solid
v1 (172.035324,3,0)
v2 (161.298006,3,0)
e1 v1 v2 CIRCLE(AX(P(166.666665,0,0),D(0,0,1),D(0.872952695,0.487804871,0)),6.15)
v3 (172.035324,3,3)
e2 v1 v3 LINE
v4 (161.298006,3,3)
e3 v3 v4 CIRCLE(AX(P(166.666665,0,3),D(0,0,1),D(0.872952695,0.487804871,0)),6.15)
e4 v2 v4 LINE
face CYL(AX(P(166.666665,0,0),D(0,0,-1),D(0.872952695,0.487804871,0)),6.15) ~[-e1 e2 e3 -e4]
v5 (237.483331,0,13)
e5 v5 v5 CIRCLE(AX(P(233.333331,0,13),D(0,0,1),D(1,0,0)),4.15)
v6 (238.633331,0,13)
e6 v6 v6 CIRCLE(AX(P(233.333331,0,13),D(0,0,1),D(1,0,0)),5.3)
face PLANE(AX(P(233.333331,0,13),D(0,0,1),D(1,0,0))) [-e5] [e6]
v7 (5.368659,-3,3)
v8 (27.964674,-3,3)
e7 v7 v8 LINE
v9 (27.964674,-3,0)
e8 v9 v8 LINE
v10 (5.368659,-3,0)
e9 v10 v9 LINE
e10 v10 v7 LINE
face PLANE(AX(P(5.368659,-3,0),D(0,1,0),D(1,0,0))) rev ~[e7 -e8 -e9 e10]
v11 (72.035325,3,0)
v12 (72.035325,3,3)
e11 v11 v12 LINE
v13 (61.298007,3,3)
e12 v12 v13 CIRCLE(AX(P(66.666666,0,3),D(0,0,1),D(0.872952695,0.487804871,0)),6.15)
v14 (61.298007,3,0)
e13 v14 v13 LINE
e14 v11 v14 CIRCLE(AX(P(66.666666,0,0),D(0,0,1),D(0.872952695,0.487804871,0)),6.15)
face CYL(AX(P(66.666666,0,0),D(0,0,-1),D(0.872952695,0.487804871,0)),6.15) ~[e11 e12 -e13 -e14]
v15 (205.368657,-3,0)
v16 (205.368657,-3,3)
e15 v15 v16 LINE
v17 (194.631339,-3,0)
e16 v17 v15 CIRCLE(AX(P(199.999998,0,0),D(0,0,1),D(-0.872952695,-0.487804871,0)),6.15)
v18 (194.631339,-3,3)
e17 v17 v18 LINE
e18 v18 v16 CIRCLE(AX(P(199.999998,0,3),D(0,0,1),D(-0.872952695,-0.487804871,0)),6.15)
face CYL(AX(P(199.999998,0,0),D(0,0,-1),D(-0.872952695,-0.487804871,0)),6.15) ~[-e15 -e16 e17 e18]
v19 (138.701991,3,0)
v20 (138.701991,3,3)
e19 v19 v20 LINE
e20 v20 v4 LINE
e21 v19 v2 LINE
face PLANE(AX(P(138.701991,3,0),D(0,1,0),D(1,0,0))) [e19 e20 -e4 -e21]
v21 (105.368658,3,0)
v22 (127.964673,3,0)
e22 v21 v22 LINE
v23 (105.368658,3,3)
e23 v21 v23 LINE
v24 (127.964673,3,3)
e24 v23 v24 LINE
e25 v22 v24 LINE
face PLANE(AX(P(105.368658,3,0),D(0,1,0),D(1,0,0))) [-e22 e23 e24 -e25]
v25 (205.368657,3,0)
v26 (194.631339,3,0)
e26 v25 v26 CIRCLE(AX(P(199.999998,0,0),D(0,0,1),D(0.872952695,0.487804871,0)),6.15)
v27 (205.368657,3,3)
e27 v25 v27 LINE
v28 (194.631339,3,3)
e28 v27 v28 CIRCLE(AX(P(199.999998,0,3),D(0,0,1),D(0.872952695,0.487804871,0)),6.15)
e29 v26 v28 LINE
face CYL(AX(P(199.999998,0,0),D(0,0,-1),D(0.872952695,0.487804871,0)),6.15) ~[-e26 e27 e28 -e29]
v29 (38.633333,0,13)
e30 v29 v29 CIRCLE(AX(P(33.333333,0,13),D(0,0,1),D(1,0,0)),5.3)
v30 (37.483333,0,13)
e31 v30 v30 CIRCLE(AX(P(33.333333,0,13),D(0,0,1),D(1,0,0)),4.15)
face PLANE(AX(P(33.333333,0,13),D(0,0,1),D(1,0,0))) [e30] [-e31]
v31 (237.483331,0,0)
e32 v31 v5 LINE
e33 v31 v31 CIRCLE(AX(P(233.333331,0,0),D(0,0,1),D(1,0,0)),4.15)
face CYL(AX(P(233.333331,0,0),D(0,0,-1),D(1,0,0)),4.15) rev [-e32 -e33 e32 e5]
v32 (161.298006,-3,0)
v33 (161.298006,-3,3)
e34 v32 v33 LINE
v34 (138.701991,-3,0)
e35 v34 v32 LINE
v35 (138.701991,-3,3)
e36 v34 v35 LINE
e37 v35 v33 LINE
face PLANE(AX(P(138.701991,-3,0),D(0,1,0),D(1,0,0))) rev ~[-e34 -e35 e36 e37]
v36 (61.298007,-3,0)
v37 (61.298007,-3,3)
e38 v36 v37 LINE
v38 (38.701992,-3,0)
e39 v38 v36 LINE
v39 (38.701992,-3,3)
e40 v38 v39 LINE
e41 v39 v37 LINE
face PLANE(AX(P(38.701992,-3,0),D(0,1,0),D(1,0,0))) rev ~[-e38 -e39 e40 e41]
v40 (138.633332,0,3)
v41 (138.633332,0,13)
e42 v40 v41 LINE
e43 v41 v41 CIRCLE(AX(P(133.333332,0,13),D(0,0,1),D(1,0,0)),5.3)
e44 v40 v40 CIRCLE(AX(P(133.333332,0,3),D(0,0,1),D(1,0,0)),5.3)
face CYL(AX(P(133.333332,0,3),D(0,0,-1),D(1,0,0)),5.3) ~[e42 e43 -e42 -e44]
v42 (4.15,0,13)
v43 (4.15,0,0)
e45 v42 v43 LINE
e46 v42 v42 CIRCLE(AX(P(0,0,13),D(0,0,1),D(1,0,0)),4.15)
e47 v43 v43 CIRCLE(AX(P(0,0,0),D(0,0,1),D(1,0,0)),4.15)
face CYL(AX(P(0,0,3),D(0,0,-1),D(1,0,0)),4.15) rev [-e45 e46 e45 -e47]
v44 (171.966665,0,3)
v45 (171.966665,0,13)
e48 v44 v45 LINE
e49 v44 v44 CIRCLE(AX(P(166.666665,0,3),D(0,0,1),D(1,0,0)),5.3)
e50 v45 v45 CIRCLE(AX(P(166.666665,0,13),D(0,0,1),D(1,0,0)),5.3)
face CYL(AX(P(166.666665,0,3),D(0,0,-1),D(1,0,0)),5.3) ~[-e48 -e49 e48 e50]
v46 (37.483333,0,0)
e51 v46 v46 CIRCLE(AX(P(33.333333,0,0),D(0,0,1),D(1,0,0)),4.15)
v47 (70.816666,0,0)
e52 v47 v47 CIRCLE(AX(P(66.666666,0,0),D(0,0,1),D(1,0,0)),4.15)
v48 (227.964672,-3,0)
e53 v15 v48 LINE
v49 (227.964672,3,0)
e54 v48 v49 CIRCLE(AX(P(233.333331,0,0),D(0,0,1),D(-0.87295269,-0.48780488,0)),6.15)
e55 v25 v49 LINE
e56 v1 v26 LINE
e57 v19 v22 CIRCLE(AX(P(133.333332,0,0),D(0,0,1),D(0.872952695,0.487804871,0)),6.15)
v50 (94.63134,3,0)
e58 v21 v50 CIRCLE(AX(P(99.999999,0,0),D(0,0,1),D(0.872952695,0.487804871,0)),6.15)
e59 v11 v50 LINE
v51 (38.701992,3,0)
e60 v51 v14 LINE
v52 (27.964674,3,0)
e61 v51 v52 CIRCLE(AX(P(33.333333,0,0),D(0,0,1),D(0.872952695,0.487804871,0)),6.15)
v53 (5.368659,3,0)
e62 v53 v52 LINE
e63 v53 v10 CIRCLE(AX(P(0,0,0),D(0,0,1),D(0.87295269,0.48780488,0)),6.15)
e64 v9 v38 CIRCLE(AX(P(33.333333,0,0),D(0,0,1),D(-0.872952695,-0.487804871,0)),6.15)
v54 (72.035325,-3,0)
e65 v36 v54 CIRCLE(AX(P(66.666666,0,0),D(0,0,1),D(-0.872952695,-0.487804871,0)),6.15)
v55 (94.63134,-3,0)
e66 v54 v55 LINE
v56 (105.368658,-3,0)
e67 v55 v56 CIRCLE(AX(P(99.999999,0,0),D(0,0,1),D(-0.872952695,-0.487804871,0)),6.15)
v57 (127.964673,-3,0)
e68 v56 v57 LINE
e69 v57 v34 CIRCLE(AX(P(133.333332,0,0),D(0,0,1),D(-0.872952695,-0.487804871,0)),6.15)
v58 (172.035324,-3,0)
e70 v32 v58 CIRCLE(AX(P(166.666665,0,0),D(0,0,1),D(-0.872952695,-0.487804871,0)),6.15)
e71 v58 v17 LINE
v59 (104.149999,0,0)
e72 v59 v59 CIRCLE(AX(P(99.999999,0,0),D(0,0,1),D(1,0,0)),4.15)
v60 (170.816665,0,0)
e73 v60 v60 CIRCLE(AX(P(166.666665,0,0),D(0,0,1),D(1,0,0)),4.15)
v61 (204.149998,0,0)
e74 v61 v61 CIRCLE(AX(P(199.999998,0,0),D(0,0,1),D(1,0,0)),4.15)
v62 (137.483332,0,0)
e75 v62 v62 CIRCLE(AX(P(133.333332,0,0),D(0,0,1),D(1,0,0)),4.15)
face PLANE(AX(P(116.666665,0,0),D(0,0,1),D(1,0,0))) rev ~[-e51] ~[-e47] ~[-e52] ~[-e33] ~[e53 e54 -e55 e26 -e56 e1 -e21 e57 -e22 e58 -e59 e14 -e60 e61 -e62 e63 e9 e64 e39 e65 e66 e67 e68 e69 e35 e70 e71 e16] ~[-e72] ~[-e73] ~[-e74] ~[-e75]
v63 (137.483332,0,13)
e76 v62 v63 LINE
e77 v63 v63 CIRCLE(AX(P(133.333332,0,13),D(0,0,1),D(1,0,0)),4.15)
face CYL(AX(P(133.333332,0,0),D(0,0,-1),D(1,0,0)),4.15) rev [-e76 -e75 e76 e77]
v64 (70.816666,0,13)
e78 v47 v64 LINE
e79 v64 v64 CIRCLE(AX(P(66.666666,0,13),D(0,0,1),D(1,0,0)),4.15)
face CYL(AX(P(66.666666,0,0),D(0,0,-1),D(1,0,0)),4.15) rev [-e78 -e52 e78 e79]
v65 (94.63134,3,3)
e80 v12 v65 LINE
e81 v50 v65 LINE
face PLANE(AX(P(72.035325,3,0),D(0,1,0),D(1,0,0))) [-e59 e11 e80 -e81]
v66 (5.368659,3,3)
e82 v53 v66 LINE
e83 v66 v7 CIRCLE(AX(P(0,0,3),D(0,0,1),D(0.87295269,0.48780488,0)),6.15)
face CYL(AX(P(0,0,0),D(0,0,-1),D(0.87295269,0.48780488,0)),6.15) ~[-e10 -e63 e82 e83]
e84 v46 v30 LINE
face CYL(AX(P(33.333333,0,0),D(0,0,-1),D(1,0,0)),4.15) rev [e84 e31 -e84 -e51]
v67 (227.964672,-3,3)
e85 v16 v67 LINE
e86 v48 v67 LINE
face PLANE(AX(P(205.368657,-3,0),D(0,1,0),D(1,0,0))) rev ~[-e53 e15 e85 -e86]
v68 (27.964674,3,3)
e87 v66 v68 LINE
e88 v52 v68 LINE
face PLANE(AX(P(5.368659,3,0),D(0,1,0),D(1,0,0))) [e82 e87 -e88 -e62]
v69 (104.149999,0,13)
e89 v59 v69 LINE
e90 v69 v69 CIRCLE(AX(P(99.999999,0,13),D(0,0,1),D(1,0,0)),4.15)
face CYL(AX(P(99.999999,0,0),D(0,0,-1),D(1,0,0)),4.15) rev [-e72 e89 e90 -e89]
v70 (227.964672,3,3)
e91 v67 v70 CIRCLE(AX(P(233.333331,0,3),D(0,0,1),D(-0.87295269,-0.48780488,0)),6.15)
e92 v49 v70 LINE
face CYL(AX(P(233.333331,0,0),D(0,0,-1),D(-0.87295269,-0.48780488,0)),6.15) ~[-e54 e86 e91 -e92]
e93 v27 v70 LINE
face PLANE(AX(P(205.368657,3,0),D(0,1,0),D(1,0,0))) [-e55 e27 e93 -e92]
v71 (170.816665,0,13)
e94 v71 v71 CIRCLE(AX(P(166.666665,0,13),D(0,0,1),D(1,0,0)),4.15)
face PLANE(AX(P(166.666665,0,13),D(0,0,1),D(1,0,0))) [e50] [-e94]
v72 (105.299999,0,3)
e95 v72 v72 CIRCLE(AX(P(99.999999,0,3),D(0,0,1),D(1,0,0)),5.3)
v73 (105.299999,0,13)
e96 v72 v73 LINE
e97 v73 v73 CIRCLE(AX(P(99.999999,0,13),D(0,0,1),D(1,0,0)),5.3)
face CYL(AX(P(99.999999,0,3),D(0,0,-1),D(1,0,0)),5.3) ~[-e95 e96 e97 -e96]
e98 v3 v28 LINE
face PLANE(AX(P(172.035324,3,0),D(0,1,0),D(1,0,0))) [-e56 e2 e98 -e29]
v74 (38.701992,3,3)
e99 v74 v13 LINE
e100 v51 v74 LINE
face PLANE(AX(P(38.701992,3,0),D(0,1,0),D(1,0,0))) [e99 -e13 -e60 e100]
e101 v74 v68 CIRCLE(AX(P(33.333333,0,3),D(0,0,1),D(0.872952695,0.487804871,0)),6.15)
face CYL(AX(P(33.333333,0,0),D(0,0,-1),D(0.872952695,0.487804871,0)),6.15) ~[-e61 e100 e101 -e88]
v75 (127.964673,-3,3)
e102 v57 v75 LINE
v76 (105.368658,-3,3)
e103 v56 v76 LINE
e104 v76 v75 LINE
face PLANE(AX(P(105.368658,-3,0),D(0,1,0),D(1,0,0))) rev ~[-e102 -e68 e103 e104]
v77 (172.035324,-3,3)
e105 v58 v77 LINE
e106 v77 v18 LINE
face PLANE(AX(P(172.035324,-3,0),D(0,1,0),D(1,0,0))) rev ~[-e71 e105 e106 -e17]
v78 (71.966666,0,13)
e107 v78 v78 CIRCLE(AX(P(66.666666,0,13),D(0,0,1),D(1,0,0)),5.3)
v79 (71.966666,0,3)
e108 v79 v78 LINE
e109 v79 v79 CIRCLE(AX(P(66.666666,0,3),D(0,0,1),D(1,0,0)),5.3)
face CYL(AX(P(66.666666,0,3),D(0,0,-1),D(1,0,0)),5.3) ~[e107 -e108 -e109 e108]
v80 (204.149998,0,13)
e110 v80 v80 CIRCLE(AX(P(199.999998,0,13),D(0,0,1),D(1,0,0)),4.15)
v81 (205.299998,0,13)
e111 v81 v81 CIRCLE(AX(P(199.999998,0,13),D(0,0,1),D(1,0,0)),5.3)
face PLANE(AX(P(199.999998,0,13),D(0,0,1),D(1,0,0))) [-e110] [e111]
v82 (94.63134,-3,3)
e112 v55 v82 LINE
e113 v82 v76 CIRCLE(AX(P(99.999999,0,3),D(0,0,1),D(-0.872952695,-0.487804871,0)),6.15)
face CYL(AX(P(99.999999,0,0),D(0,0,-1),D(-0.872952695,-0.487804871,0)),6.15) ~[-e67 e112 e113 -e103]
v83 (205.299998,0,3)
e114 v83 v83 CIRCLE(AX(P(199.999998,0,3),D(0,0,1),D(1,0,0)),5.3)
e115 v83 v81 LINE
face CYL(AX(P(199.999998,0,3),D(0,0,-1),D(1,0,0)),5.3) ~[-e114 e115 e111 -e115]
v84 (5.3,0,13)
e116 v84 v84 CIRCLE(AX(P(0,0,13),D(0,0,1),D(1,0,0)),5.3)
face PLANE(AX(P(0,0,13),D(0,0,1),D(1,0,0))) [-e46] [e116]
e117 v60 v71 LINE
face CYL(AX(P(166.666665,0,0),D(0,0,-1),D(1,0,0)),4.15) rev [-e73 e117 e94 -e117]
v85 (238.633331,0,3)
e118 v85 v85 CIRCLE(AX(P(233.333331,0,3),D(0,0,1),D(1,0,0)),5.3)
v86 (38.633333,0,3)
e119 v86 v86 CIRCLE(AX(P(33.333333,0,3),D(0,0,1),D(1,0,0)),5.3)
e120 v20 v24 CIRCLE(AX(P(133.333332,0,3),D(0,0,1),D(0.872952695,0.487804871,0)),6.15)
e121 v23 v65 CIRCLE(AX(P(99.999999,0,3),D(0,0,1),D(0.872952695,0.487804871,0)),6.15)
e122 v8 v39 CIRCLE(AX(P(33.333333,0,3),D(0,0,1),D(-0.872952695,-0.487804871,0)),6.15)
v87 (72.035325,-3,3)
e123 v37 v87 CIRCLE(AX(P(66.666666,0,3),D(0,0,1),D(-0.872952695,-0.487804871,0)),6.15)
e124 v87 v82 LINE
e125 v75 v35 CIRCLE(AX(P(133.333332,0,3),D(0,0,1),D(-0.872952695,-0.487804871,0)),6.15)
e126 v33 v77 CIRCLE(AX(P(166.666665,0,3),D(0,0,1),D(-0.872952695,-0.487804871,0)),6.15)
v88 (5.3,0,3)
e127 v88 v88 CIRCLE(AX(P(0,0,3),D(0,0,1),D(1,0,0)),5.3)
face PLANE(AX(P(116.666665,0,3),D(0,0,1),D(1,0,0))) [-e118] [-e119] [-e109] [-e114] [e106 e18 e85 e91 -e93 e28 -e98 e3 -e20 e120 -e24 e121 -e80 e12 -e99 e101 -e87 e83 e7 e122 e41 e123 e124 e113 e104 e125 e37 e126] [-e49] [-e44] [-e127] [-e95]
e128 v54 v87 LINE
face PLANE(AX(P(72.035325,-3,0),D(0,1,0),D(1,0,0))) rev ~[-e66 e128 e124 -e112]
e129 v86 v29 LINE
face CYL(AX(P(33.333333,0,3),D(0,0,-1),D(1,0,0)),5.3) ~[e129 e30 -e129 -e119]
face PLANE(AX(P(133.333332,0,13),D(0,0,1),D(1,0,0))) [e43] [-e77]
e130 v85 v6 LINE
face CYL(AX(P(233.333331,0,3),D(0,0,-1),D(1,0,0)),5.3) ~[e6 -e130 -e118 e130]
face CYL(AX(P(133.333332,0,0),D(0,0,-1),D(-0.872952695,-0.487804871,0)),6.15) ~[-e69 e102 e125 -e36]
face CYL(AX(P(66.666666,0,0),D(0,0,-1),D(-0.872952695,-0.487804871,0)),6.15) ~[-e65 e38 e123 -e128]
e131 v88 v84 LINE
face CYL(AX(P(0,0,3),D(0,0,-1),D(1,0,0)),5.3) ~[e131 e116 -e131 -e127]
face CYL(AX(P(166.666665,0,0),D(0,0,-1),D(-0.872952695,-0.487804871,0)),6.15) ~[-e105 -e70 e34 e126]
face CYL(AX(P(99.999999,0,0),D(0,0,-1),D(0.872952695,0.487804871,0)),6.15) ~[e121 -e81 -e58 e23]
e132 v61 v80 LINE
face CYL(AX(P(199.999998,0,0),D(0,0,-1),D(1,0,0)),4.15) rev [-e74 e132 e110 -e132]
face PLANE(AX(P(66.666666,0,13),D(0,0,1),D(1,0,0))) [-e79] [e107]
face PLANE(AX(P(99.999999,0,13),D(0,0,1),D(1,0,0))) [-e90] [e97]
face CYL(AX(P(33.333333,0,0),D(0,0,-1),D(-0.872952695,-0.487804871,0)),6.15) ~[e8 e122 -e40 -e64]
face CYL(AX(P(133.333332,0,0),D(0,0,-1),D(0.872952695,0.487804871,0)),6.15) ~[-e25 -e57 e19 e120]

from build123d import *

# Parameters (mm, degrees)
SKETCH_R      = 4.15
PAD_DEPTH     = 3
SKETCH001_R   = 5.3
SKETCH001_R_2 = 4.15
PAD001_DEPTH  = 10


with BuildPart() as part:
    # Sketch → Pad (new body)
    with BuildSketch(Plane.XY):
        with BuildLine():
            Line((5.368659, -3), (27.964674, -3))
            ThreePointArc((27.964674, -3), (33.333333, -6.15), (38.701992, -3))
            Line((38.701992, -3), (61.298007, -3))
            ThreePointArc((61.298007, -3), (66.666666, -6.15), (72.035325, -3))
            Line((72.035325, -3), (94.63134, -3))
            ThreePointArc((94.63134, -3), (99.999999, -6.15), (105.368658, -3))
            Line((105.368658, -3), (127.964673, -3))
            ThreePointArc((127.964673, -3), (133.333332, -6.15), (138.701991, -3))
            Line((138.701991, -3), (161.298006, -3))
            ThreePointArc((161.298006, -3), (166.666665, -6.15), (172.035324, -3))
            Line((172.035324, -3), (194.631339, -3))
            ThreePointArc((194.631339, -3), (199.999998, -6.15), (205.368657, -3))
            Line((205.368657, -3), (227.964672, -3))
            ThreePointArc((227.964672, -3), (239.483331, 0), (227.964672, 3))
            Line((205.368657, 3), (227.964672, 3))
            ThreePointArc((205.368657, 3), (199.999998, 6.15), (194.631339, 3))
            Line((172.035324, 3), (194.631339, 3))
            ThreePointArc((172.035324, 3), (166.666665, 6.15), (161.298006, 3))
            Line((138.701991, 3), (161.298006, 3))
            ThreePointArc((138.701991, 3), (133.333332, 6.15), (127.964673, 3))
            Line((105.368658, 3), (127.964673, 3))
            ThreePointArc((105.368658, 3), (99.999999, 6.15), (94.63134, 3))
            Line((72.035325, 3), (94.63134, 3))
            ThreePointArc((72.035325, 3), (66.666666, 6.15), (61.298007, 3))
            Line((38.701992, 3), (61.298007, 3))
            ThreePointArc((38.701992, 3), (33.333333, 6.15), (27.964674, 3))
            Line((5.368659, 3), (27.964674, 3))
            ThreePointArc((5.368659, 3), (-6.15, 0), (5.368659, -3))
        make_face()
        Circle(SKETCH_R, mode=Mode.SUBTRACT)
        with Locations((33.333333, 0)):
            Circle(SKETCH_R, mode=Mode.SUBTRACT)
        with Locations((66.666666, 0)):
            Circle(SKETCH_R, mode=Mode.SUBTRACT)
        with Locations((99.999999, 0)):
            Circle(SKETCH_R, mode=Mode.SUBTRACT)
        with Locations((133.333332, 0)):
            Circle(SKETCH_R, mode=Mode.SUBTRACT)
        with Locations((166.666665, 0)):
            Circle(SKETCH_R, mode=Mode.SUBTRACT)
        with Locations((199.999998, 0)):
            Circle(SKETCH_R, mode=Mode.SUBTRACT)
        with Locations((233.333331, 0)):
            Circle(SKETCH_R, mode=Mode.SUBTRACT)
    extrude(amount=PAD_DEPTH)

    # Sketch001 (on Face38 of Pad) → Pad001 (join)
    with BuildSketch(Plane.XY.offset(3)):
        Circle(SKETCH001_R)
        Circle(SKETCH001_R_2, mode=Mode.SUBTRACT)
        with Locations((33.333333, 0)):
            Circle(SKETCH001_R)
        with Locations((33.333333, 0)):
            Circle(SKETCH001_R_2, mode=Mode.SUBTRACT)
        with Locations((66.666666, 0)):
            Circle(SKETCH001_R)
        with Locations((66.666666, 0)):
            Circle(SKETCH001_R_2, mode=Mode.SUBTRACT)
        with Locations((99.999999, 0)):
            Circle(SKETCH001_R)
        with Locations((99.999999, 0)):
            Circle(SKETCH001_R_2, mode=Mode.SUBTRACT)
        with Locations((133.333332, 0)):
            Circle(SKETCH001_R)
        with Locations((133.333332, 0)):
            Circle(SKETCH001_R_2, mode=Mode.SUBTRACT)
        with Locations((166.666665, 0)):
            Circle(SKETCH001_R)
        with Locations((166.666665, 0)):
            Circle(SKETCH001_R_2, mode=Mode.SUBTRACT)
        with Locations((199.999998, 0)):
            Circle(SKETCH001_R)
        with Locations((199.999998, 0)):
            Circle(SKETCH001_R_2, mode=Mode.SUBTRACT)
        with Locations((233.333331, 0)):
            Circle(SKETCH001_R)
        with Locations((233.333331, 0)):
            Circle(SKETCH001_R_2, mode=Mode.SUBTRACT)
    extrude(amount=PAD001_DEPTH)


solid = part.part
